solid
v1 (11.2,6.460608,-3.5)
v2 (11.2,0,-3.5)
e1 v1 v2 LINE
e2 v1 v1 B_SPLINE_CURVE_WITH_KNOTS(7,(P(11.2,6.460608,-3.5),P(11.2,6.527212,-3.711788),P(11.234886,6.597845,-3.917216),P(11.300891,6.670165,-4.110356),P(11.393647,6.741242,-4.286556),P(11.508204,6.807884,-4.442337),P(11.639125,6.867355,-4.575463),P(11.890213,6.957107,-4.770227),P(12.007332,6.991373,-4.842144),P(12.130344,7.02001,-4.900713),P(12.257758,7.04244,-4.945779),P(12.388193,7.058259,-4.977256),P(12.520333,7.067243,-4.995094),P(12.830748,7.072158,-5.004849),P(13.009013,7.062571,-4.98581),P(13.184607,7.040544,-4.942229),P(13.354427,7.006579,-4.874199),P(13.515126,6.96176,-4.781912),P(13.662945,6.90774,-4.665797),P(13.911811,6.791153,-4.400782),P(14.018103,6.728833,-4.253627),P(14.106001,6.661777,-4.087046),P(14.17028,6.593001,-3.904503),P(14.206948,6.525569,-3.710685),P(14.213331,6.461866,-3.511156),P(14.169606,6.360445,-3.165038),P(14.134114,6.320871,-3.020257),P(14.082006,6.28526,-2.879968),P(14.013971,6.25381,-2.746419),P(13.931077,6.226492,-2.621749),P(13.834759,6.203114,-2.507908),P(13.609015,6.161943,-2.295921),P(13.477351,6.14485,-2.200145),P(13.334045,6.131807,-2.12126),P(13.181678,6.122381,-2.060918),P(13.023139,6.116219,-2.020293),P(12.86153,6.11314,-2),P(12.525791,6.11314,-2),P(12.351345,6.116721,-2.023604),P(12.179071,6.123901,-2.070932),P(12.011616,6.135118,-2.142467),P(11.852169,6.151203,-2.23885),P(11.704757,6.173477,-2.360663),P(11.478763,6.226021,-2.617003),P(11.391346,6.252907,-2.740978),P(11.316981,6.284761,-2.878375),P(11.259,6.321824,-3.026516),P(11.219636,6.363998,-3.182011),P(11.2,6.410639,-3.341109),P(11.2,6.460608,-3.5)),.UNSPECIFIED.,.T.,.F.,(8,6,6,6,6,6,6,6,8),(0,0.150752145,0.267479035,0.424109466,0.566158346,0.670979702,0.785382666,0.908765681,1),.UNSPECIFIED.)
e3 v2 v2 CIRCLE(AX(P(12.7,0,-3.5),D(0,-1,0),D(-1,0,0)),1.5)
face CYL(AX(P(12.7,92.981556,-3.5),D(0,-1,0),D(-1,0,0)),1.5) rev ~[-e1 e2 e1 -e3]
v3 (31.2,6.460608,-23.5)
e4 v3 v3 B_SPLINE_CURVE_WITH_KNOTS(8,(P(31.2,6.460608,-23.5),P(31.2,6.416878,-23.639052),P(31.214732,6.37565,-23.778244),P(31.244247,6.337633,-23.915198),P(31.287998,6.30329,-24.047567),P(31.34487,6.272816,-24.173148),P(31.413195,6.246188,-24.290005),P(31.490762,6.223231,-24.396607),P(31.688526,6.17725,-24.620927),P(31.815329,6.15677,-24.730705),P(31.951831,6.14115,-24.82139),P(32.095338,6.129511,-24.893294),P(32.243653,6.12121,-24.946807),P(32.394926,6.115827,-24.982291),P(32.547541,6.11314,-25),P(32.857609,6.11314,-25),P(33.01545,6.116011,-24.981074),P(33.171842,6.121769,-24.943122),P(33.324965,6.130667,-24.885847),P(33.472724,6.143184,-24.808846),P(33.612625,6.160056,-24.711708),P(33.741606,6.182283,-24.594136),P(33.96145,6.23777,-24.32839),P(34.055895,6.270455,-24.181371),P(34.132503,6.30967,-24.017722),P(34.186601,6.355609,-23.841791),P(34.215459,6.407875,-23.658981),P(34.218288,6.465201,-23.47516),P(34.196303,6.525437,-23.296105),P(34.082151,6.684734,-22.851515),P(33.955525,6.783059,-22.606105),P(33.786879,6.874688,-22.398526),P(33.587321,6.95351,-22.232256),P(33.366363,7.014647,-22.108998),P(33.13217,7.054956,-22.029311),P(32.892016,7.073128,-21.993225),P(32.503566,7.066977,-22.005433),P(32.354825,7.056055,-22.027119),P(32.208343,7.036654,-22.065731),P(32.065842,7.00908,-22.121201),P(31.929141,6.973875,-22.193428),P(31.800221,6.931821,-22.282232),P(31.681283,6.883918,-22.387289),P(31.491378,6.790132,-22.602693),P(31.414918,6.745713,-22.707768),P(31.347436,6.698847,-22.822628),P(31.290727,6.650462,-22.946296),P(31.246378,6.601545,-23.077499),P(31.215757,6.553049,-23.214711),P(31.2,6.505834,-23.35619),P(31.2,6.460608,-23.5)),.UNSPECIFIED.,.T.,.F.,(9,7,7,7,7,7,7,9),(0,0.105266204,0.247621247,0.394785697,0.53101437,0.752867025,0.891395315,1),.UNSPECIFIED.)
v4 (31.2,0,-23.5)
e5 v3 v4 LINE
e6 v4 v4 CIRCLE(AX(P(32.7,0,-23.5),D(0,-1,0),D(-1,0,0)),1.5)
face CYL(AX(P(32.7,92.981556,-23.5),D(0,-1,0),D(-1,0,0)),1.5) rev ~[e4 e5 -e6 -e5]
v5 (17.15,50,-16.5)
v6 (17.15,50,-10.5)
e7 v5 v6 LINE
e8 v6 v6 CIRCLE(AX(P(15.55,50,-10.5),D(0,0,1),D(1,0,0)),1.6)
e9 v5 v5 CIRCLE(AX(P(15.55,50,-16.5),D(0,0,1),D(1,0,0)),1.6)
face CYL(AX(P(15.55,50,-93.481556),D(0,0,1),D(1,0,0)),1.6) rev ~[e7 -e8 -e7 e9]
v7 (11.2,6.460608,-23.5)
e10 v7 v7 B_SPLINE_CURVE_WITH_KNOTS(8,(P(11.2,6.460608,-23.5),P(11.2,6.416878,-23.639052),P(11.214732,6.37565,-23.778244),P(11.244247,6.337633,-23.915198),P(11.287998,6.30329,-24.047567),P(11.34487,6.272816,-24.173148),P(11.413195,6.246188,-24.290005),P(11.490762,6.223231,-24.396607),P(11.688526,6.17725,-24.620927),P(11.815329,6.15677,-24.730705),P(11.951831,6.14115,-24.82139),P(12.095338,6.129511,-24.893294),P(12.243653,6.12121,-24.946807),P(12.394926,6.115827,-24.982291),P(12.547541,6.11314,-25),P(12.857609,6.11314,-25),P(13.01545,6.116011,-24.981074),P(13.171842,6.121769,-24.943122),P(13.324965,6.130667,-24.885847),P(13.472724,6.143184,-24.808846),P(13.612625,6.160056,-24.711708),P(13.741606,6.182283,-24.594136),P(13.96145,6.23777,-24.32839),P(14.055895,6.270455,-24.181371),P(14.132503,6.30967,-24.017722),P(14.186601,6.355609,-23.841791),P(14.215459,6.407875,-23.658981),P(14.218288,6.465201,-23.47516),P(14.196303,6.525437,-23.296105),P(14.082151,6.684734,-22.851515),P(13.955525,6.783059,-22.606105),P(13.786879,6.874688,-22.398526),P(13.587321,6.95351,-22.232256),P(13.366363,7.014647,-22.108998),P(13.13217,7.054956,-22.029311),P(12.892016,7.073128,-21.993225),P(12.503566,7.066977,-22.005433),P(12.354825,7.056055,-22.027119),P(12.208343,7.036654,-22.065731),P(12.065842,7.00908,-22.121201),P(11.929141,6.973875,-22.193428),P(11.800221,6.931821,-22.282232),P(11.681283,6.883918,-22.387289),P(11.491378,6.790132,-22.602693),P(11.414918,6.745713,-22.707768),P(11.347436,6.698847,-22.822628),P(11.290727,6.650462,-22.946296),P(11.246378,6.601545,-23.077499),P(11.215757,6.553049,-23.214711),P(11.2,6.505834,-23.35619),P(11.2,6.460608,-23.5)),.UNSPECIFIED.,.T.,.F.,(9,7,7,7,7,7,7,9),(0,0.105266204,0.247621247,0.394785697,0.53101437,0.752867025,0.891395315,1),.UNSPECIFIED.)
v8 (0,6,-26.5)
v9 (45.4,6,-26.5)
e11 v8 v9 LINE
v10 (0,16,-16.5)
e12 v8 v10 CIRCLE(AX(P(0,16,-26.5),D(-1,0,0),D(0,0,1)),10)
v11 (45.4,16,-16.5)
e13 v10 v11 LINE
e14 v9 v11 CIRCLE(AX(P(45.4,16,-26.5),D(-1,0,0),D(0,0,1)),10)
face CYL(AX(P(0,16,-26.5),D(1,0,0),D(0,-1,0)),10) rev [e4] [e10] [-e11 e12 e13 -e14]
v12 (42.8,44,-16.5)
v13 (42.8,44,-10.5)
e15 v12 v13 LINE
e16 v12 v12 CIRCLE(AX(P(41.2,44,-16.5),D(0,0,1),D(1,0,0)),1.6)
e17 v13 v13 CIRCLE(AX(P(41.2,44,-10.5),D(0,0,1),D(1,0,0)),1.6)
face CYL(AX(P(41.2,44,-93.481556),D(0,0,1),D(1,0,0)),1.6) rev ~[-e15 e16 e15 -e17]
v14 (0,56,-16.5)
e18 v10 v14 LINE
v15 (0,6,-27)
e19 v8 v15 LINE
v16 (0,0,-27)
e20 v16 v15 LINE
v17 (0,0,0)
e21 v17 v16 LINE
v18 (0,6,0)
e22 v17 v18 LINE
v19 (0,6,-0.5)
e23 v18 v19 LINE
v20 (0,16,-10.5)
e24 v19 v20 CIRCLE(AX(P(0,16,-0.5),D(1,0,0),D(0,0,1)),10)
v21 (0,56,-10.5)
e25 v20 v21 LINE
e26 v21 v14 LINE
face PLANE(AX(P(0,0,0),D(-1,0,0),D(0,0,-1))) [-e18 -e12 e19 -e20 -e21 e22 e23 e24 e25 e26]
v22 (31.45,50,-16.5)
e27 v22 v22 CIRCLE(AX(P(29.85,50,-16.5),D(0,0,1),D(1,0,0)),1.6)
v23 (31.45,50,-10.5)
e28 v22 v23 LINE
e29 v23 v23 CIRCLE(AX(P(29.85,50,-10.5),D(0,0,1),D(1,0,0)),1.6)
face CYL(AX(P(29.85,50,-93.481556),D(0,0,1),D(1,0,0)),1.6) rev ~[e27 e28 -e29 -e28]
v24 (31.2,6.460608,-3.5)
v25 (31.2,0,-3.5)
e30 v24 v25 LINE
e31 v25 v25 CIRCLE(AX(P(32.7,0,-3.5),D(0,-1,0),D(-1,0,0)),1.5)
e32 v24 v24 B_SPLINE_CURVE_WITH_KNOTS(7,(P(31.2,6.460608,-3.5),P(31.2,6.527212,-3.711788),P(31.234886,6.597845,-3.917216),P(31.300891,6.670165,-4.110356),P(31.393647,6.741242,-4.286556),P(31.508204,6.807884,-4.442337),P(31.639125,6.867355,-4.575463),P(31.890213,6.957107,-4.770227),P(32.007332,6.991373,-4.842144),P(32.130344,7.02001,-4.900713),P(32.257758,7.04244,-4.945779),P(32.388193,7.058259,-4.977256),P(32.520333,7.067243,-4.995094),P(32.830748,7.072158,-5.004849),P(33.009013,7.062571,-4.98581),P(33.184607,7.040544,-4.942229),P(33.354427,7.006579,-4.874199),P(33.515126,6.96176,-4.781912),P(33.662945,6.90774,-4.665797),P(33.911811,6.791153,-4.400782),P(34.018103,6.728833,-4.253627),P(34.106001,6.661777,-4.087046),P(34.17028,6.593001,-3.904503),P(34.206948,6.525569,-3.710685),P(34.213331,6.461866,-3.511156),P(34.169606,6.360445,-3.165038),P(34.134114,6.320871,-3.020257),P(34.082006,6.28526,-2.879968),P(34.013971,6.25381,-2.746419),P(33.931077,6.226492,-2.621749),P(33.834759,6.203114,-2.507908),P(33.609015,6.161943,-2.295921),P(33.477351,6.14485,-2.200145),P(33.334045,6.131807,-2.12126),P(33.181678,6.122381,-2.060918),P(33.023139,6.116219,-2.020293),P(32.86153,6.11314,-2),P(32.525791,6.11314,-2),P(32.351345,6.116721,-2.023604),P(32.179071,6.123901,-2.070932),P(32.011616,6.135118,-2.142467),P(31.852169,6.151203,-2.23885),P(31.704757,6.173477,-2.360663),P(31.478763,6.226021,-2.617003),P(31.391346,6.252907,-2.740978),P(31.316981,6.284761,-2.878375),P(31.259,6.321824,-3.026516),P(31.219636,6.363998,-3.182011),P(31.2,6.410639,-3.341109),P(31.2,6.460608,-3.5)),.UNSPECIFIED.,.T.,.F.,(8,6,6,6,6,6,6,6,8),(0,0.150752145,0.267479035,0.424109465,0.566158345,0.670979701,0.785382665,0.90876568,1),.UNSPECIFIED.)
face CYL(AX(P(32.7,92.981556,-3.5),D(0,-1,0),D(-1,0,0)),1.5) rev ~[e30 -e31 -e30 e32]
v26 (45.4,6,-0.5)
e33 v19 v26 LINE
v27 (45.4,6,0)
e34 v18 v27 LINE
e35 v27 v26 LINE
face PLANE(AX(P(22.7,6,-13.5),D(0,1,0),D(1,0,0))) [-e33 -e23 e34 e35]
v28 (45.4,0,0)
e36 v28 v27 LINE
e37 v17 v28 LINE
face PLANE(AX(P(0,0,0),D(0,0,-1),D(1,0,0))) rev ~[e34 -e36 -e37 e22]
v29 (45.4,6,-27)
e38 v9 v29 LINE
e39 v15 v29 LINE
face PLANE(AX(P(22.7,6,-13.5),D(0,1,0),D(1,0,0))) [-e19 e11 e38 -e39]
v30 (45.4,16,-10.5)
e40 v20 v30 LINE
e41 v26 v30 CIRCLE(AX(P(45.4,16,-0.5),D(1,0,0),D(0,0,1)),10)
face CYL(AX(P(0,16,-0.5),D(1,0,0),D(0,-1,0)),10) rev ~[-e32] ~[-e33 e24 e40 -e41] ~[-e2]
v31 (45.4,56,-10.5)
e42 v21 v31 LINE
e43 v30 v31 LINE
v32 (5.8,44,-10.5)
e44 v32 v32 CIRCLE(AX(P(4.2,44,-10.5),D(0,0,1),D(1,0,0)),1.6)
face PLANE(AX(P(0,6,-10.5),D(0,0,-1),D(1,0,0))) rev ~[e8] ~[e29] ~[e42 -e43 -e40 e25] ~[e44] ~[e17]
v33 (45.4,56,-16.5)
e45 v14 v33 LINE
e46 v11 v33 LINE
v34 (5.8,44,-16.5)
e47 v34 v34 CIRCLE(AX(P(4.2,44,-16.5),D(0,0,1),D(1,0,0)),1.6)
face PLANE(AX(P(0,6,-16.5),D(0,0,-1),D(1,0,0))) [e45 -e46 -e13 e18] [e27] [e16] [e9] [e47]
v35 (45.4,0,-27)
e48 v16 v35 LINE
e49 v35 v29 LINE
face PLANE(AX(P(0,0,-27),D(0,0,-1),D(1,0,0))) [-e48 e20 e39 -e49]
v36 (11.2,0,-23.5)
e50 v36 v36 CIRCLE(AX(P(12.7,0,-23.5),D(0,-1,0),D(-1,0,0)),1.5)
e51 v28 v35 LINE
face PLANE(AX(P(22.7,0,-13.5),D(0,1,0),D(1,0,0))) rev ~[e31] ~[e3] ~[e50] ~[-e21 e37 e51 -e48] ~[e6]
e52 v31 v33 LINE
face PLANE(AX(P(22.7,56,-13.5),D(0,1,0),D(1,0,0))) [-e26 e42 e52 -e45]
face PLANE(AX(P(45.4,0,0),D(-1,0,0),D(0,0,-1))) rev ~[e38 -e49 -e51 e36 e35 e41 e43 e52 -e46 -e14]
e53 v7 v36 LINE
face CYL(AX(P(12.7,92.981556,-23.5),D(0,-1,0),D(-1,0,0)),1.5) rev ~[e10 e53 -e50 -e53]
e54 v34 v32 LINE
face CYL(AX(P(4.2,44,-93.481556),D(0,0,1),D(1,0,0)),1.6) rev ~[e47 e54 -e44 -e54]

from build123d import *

# Parameters (mm, degrees)
SKETCH1_W             = 45.4
SKETCH1_H             = 27
BOSS_EXTRUDE1_DEPTH   = 6
SKETCH4_W             = 45.4
SKETCH4_H             = 6
BOSS_EXTRUDE2_DEPTH   = 50
FILLET3_R             = 10
F_3_0MM_DOWEL_HOLE1_D = 3
F_3_0MM_DOWEL_HOLE2_D = 3.2
F_3_0MM_DOWEL_HOLE3_D = 3.2


with BuildPart() as part:
    # Sketch1 → Boss-Extrude1 (new body)
    with BuildSketch(Plane(origin=(0, 0, 0), x_dir=(1, 0, 0), z_dir=(0, 1, 0))):
        with Locations((22.7, 13.5)):
            Rectangle(SKETCH1_W, SKETCH1_H)
    extrude(amount=BOSS_EXTRUDE1_DEPTH)

    # Sketch4 → Boss-Extrude2 (add)
    with BuildSketch(Plane(origin=(0, 6, 0), x_dir=(1, 0, 0), z_dir=(0, 1, 0))):
        with Locations((22.7, 13.5)):
            Rectangle(SKETCH4_W, SKETCH4_H)
    extrude(amount=BOSS_EXTRUDE2_DEPTH)

    # Fillet3
    fillet3_edges = [part.edges().sort_by_distance(p)[0] for p in [
        (22.7, 6, -10.5),
        (22.7, 6, -16.5),
    ]]
    fillet(fillet3_edges, radius=FILLET3_R)

    # Ø3.0mm Dowel Hole1 (through all)
    with Locations(Plane(origin=(0, 16, 0), x_dir=(1, 0, 0), z_dir=(0, 1, 0))):
        with Locations((12.7, 23.5), (32.7, 23.5), (32.7, 3.5), (12.7, 3.5)):
            Hole(F_3_0MM_DOWEL_HOLE1_D / 2)

    # Ø3.0mm Dowel Hole2 (through all)
    with Locations(Plane(origin=(0, 0, -16.5), x_dir=(-1, 0, 0), z_dir=(0, 0, -1))):
        with Locations((-29.85, 50), (-15.55, 50)):
            Hole(F_3_0MM_DOWEL_HOLE2_D / 2)

    # Ø3.0mm Dowel Hole3 (through all)
    with Locations(Plane(origin=(4.2, 44, -16.5), x_dir=(-1, 0, 0), z_dir=(0, 0, -1))):
        with Locations((0, 0), (-37, 0)):
            Hole(F_3_0MM_DOWEL_HOLE3_D / 2)


solid = part.part
